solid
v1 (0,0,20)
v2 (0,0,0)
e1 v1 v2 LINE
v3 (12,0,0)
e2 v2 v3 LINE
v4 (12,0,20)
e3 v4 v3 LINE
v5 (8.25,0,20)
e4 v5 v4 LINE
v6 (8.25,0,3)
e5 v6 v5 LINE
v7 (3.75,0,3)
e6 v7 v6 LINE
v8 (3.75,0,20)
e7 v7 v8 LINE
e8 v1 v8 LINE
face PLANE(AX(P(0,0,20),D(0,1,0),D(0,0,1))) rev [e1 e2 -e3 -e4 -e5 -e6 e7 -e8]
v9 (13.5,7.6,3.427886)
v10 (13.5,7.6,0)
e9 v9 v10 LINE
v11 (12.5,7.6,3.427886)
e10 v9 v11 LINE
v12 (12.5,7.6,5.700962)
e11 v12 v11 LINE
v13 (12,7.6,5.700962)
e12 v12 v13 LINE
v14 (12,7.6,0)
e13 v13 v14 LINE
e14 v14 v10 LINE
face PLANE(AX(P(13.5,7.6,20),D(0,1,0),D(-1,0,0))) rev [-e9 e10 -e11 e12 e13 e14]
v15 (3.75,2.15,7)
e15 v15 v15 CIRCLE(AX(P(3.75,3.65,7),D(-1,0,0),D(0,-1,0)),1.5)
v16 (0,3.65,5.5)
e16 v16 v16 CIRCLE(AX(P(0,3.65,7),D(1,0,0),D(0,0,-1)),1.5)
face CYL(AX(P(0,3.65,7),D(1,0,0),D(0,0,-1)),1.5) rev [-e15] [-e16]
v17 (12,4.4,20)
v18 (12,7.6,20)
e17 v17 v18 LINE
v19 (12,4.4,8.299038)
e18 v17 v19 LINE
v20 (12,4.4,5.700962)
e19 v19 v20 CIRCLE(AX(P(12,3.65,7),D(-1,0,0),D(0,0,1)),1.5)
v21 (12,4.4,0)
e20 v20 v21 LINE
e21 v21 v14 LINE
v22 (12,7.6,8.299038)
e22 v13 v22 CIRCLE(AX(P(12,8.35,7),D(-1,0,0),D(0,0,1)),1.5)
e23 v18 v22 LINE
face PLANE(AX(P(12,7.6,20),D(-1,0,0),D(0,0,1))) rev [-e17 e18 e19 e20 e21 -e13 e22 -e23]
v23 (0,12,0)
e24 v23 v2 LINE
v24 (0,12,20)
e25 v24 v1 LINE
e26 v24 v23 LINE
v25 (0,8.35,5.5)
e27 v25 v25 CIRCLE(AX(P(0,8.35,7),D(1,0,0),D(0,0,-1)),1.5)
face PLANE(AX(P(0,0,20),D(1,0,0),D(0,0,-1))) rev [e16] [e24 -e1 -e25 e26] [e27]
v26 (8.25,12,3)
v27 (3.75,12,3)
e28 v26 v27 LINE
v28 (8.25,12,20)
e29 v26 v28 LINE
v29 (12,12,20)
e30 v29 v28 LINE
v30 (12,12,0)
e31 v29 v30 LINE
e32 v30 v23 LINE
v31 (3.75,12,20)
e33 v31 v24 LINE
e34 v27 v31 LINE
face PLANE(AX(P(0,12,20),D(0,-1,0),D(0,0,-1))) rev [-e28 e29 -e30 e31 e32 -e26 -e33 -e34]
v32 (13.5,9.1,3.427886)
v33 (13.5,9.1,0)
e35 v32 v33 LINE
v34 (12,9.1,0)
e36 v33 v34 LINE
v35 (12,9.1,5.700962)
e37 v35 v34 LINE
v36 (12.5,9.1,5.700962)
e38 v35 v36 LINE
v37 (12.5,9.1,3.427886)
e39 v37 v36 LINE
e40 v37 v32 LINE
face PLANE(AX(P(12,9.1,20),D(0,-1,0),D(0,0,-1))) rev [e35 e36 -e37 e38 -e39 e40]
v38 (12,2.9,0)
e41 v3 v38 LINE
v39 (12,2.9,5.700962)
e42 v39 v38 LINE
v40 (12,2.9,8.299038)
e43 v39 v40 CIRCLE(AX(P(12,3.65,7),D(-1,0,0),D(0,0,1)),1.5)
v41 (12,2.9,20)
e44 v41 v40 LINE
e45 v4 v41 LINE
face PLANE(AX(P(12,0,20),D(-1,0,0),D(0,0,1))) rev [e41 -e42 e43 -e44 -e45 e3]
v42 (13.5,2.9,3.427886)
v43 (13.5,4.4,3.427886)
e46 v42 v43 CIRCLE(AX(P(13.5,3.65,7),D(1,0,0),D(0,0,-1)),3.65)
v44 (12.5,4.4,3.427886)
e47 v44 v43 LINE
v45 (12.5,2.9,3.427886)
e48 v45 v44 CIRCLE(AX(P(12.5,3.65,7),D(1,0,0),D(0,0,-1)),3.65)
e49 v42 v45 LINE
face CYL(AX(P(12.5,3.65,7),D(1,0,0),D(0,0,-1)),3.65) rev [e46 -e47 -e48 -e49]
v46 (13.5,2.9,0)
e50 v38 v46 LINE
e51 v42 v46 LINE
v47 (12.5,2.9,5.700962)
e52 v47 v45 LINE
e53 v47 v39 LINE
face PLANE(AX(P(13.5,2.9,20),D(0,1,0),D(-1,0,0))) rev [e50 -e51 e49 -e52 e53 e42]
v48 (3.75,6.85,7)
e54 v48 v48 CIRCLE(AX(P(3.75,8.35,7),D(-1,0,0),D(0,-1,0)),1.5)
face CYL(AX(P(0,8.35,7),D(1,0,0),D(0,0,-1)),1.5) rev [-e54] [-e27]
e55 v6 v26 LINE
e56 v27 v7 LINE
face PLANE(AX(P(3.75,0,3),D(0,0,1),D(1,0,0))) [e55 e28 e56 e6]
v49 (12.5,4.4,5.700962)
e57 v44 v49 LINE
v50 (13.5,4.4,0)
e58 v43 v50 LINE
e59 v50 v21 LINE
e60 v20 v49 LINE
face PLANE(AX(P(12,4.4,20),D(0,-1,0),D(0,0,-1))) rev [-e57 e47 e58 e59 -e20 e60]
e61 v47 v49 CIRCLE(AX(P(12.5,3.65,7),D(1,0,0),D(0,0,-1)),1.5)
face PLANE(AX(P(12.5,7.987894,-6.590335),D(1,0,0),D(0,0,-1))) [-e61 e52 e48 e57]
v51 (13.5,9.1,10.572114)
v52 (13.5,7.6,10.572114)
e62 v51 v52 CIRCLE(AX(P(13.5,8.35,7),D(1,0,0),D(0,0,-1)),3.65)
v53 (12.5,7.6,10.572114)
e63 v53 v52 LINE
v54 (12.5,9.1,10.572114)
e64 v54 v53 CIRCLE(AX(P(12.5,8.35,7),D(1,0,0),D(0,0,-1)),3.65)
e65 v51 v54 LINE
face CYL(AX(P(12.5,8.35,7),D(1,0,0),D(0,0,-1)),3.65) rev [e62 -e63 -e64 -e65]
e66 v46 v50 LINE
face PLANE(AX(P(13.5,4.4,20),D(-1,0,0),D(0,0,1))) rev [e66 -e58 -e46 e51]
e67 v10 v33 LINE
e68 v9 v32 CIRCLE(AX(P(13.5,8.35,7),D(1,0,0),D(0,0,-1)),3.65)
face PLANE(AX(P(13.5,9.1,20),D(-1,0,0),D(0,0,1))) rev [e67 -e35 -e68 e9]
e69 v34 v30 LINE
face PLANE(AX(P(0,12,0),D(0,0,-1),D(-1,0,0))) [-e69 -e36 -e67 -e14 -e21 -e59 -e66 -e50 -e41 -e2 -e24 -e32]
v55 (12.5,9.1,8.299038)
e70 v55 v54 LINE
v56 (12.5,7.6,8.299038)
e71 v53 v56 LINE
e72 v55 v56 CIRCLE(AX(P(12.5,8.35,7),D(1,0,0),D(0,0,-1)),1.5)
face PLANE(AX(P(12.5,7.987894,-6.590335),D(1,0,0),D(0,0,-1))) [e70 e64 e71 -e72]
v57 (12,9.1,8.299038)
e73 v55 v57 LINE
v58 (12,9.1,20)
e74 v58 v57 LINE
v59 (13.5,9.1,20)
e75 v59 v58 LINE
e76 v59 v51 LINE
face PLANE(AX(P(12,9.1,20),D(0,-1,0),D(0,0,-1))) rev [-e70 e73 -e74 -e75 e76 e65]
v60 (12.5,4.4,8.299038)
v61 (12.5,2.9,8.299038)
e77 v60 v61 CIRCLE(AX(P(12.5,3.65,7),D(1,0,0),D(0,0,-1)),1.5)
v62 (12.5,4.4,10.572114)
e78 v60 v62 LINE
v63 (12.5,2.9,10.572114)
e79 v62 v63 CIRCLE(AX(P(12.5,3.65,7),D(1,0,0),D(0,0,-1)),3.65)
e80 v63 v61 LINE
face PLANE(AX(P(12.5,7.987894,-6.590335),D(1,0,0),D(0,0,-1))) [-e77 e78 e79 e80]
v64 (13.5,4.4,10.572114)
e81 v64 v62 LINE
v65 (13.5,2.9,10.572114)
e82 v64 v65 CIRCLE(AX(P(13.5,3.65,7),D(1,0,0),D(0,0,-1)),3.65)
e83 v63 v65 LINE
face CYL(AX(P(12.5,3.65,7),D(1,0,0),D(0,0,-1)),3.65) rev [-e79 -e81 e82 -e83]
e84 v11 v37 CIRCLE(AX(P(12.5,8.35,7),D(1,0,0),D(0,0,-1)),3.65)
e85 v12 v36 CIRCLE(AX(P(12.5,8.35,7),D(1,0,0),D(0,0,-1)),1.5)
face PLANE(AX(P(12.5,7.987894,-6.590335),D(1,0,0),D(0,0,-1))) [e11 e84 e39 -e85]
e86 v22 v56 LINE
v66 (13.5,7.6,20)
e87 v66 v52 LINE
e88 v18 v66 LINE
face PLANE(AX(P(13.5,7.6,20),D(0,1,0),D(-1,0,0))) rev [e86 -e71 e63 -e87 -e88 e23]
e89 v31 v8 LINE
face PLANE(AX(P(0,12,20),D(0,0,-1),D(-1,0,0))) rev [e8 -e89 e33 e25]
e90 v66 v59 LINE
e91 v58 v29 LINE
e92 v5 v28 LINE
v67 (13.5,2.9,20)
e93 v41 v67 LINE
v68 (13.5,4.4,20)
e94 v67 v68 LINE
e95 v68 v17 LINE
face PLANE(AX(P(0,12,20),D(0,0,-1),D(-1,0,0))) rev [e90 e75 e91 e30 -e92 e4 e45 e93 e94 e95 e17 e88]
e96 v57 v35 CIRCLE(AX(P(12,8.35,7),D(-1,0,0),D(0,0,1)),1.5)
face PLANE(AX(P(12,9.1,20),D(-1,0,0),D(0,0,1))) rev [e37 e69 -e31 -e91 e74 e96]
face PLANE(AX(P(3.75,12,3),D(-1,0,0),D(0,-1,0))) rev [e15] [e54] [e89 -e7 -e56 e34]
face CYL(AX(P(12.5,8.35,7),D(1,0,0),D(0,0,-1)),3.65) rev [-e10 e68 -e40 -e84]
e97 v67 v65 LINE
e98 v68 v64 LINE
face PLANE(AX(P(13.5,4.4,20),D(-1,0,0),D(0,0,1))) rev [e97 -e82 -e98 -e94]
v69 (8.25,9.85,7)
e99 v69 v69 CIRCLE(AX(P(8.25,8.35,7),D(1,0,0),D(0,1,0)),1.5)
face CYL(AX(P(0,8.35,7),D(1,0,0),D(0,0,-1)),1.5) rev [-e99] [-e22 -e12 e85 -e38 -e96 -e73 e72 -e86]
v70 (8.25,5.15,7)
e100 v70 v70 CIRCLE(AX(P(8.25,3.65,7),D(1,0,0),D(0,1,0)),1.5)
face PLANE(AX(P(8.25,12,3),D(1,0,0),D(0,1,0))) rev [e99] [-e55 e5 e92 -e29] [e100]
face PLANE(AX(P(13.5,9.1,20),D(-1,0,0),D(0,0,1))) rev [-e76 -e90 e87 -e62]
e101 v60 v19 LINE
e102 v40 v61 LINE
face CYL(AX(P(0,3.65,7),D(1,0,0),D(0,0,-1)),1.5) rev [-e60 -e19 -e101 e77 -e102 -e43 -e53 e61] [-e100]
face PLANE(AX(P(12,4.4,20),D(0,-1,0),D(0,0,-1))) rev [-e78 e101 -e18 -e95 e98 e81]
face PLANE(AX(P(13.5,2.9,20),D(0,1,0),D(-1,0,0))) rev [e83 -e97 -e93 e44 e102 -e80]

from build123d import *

# Parameters (mm, degrees)
BOSS_EXTRUDE1_DEPTH = 20
SKETCH2_W           = 4.5
SKETCH2_H           = 12
CUT_EXTRUDE1_DEPTH  = 17
SKETCH3_R           = 1.5
CUT_EXTRUDE2_DEPTH  = 1
SKETCH3_3_R         = 1.5
CUT_EXTRUDE3_DEPTH  = 27.949025956


with BuildPart() as part:
    # Sketch1 → Boss-Extrude1 (new body)
    with BuildSketch(Plane.XY):
        Polygon((12, 9.1), (13.5, 9.1), (13.5, 7.6), (12, 7.6), (12, 4.4), (13.5, 4.4), (13.5, 2.9), (12, 2.9), (12, 0), (0, 0), (0, 12), (12, 12), align=None)
    extrude(amount=BOSS_EXTRUDE1_DEPTH)

    # Sketch2 → Cut-Extrude1 (cut)
    with BuildSketch(Plane.XY.offset(20)):
        with Locations((6, 6)):
            Rectangle(SKETCH2_W, SKETCH2_H)
    extrude(amount=-CUT_EXTRUDE1_DEPTH, mode=Mode.SUBTRACT)

    # Sketch3 → Cut-Extrude2 (cut)
    with BuildSketch(Plane(origin=(13.5, 0, 0), x_dir=(0, 0, -1), z_dir=(1, 0, 0))):
        with BuildLine():
            ThreePointArc((-9.792848009, 6), (-7, 0), (-4.207151991, 6))
            ThreePointArc((-4.207151991, 6), (-7, 12), (-9.792848009, 6))
        make_face()
        with Locations((-7, 8.35)):
            Circle(SKETCH3_R, mode=Mode.SUBTRACT)
        with Locations((-7, 3.65)):
            Circle(SKETCH3_R, mode=Mode.SUBTRACT)
    extrude(amount=-CUT_EXTRUDE2_DEPTH, mode=Mode.SUBTRACT)

    # Sketch3<3> → Cut-Extrude3 (cut, through all)
    with BuildSketch(Plane(origin=(13.5, 0, 0), x_dir=(0, 0, -1), z_dir=(1, 0, 0))):
        with Locations((-7, 8.35)):
            Circle(SKETCH3_3_R)
        with Locations((-7, 3.65)):
            Circle(SKETCH3_3_R)
    extrude(amount=-CUT_EXTRUDE3_DEPTH, mode=Mode.SUBTRACT)


solid = part.part
